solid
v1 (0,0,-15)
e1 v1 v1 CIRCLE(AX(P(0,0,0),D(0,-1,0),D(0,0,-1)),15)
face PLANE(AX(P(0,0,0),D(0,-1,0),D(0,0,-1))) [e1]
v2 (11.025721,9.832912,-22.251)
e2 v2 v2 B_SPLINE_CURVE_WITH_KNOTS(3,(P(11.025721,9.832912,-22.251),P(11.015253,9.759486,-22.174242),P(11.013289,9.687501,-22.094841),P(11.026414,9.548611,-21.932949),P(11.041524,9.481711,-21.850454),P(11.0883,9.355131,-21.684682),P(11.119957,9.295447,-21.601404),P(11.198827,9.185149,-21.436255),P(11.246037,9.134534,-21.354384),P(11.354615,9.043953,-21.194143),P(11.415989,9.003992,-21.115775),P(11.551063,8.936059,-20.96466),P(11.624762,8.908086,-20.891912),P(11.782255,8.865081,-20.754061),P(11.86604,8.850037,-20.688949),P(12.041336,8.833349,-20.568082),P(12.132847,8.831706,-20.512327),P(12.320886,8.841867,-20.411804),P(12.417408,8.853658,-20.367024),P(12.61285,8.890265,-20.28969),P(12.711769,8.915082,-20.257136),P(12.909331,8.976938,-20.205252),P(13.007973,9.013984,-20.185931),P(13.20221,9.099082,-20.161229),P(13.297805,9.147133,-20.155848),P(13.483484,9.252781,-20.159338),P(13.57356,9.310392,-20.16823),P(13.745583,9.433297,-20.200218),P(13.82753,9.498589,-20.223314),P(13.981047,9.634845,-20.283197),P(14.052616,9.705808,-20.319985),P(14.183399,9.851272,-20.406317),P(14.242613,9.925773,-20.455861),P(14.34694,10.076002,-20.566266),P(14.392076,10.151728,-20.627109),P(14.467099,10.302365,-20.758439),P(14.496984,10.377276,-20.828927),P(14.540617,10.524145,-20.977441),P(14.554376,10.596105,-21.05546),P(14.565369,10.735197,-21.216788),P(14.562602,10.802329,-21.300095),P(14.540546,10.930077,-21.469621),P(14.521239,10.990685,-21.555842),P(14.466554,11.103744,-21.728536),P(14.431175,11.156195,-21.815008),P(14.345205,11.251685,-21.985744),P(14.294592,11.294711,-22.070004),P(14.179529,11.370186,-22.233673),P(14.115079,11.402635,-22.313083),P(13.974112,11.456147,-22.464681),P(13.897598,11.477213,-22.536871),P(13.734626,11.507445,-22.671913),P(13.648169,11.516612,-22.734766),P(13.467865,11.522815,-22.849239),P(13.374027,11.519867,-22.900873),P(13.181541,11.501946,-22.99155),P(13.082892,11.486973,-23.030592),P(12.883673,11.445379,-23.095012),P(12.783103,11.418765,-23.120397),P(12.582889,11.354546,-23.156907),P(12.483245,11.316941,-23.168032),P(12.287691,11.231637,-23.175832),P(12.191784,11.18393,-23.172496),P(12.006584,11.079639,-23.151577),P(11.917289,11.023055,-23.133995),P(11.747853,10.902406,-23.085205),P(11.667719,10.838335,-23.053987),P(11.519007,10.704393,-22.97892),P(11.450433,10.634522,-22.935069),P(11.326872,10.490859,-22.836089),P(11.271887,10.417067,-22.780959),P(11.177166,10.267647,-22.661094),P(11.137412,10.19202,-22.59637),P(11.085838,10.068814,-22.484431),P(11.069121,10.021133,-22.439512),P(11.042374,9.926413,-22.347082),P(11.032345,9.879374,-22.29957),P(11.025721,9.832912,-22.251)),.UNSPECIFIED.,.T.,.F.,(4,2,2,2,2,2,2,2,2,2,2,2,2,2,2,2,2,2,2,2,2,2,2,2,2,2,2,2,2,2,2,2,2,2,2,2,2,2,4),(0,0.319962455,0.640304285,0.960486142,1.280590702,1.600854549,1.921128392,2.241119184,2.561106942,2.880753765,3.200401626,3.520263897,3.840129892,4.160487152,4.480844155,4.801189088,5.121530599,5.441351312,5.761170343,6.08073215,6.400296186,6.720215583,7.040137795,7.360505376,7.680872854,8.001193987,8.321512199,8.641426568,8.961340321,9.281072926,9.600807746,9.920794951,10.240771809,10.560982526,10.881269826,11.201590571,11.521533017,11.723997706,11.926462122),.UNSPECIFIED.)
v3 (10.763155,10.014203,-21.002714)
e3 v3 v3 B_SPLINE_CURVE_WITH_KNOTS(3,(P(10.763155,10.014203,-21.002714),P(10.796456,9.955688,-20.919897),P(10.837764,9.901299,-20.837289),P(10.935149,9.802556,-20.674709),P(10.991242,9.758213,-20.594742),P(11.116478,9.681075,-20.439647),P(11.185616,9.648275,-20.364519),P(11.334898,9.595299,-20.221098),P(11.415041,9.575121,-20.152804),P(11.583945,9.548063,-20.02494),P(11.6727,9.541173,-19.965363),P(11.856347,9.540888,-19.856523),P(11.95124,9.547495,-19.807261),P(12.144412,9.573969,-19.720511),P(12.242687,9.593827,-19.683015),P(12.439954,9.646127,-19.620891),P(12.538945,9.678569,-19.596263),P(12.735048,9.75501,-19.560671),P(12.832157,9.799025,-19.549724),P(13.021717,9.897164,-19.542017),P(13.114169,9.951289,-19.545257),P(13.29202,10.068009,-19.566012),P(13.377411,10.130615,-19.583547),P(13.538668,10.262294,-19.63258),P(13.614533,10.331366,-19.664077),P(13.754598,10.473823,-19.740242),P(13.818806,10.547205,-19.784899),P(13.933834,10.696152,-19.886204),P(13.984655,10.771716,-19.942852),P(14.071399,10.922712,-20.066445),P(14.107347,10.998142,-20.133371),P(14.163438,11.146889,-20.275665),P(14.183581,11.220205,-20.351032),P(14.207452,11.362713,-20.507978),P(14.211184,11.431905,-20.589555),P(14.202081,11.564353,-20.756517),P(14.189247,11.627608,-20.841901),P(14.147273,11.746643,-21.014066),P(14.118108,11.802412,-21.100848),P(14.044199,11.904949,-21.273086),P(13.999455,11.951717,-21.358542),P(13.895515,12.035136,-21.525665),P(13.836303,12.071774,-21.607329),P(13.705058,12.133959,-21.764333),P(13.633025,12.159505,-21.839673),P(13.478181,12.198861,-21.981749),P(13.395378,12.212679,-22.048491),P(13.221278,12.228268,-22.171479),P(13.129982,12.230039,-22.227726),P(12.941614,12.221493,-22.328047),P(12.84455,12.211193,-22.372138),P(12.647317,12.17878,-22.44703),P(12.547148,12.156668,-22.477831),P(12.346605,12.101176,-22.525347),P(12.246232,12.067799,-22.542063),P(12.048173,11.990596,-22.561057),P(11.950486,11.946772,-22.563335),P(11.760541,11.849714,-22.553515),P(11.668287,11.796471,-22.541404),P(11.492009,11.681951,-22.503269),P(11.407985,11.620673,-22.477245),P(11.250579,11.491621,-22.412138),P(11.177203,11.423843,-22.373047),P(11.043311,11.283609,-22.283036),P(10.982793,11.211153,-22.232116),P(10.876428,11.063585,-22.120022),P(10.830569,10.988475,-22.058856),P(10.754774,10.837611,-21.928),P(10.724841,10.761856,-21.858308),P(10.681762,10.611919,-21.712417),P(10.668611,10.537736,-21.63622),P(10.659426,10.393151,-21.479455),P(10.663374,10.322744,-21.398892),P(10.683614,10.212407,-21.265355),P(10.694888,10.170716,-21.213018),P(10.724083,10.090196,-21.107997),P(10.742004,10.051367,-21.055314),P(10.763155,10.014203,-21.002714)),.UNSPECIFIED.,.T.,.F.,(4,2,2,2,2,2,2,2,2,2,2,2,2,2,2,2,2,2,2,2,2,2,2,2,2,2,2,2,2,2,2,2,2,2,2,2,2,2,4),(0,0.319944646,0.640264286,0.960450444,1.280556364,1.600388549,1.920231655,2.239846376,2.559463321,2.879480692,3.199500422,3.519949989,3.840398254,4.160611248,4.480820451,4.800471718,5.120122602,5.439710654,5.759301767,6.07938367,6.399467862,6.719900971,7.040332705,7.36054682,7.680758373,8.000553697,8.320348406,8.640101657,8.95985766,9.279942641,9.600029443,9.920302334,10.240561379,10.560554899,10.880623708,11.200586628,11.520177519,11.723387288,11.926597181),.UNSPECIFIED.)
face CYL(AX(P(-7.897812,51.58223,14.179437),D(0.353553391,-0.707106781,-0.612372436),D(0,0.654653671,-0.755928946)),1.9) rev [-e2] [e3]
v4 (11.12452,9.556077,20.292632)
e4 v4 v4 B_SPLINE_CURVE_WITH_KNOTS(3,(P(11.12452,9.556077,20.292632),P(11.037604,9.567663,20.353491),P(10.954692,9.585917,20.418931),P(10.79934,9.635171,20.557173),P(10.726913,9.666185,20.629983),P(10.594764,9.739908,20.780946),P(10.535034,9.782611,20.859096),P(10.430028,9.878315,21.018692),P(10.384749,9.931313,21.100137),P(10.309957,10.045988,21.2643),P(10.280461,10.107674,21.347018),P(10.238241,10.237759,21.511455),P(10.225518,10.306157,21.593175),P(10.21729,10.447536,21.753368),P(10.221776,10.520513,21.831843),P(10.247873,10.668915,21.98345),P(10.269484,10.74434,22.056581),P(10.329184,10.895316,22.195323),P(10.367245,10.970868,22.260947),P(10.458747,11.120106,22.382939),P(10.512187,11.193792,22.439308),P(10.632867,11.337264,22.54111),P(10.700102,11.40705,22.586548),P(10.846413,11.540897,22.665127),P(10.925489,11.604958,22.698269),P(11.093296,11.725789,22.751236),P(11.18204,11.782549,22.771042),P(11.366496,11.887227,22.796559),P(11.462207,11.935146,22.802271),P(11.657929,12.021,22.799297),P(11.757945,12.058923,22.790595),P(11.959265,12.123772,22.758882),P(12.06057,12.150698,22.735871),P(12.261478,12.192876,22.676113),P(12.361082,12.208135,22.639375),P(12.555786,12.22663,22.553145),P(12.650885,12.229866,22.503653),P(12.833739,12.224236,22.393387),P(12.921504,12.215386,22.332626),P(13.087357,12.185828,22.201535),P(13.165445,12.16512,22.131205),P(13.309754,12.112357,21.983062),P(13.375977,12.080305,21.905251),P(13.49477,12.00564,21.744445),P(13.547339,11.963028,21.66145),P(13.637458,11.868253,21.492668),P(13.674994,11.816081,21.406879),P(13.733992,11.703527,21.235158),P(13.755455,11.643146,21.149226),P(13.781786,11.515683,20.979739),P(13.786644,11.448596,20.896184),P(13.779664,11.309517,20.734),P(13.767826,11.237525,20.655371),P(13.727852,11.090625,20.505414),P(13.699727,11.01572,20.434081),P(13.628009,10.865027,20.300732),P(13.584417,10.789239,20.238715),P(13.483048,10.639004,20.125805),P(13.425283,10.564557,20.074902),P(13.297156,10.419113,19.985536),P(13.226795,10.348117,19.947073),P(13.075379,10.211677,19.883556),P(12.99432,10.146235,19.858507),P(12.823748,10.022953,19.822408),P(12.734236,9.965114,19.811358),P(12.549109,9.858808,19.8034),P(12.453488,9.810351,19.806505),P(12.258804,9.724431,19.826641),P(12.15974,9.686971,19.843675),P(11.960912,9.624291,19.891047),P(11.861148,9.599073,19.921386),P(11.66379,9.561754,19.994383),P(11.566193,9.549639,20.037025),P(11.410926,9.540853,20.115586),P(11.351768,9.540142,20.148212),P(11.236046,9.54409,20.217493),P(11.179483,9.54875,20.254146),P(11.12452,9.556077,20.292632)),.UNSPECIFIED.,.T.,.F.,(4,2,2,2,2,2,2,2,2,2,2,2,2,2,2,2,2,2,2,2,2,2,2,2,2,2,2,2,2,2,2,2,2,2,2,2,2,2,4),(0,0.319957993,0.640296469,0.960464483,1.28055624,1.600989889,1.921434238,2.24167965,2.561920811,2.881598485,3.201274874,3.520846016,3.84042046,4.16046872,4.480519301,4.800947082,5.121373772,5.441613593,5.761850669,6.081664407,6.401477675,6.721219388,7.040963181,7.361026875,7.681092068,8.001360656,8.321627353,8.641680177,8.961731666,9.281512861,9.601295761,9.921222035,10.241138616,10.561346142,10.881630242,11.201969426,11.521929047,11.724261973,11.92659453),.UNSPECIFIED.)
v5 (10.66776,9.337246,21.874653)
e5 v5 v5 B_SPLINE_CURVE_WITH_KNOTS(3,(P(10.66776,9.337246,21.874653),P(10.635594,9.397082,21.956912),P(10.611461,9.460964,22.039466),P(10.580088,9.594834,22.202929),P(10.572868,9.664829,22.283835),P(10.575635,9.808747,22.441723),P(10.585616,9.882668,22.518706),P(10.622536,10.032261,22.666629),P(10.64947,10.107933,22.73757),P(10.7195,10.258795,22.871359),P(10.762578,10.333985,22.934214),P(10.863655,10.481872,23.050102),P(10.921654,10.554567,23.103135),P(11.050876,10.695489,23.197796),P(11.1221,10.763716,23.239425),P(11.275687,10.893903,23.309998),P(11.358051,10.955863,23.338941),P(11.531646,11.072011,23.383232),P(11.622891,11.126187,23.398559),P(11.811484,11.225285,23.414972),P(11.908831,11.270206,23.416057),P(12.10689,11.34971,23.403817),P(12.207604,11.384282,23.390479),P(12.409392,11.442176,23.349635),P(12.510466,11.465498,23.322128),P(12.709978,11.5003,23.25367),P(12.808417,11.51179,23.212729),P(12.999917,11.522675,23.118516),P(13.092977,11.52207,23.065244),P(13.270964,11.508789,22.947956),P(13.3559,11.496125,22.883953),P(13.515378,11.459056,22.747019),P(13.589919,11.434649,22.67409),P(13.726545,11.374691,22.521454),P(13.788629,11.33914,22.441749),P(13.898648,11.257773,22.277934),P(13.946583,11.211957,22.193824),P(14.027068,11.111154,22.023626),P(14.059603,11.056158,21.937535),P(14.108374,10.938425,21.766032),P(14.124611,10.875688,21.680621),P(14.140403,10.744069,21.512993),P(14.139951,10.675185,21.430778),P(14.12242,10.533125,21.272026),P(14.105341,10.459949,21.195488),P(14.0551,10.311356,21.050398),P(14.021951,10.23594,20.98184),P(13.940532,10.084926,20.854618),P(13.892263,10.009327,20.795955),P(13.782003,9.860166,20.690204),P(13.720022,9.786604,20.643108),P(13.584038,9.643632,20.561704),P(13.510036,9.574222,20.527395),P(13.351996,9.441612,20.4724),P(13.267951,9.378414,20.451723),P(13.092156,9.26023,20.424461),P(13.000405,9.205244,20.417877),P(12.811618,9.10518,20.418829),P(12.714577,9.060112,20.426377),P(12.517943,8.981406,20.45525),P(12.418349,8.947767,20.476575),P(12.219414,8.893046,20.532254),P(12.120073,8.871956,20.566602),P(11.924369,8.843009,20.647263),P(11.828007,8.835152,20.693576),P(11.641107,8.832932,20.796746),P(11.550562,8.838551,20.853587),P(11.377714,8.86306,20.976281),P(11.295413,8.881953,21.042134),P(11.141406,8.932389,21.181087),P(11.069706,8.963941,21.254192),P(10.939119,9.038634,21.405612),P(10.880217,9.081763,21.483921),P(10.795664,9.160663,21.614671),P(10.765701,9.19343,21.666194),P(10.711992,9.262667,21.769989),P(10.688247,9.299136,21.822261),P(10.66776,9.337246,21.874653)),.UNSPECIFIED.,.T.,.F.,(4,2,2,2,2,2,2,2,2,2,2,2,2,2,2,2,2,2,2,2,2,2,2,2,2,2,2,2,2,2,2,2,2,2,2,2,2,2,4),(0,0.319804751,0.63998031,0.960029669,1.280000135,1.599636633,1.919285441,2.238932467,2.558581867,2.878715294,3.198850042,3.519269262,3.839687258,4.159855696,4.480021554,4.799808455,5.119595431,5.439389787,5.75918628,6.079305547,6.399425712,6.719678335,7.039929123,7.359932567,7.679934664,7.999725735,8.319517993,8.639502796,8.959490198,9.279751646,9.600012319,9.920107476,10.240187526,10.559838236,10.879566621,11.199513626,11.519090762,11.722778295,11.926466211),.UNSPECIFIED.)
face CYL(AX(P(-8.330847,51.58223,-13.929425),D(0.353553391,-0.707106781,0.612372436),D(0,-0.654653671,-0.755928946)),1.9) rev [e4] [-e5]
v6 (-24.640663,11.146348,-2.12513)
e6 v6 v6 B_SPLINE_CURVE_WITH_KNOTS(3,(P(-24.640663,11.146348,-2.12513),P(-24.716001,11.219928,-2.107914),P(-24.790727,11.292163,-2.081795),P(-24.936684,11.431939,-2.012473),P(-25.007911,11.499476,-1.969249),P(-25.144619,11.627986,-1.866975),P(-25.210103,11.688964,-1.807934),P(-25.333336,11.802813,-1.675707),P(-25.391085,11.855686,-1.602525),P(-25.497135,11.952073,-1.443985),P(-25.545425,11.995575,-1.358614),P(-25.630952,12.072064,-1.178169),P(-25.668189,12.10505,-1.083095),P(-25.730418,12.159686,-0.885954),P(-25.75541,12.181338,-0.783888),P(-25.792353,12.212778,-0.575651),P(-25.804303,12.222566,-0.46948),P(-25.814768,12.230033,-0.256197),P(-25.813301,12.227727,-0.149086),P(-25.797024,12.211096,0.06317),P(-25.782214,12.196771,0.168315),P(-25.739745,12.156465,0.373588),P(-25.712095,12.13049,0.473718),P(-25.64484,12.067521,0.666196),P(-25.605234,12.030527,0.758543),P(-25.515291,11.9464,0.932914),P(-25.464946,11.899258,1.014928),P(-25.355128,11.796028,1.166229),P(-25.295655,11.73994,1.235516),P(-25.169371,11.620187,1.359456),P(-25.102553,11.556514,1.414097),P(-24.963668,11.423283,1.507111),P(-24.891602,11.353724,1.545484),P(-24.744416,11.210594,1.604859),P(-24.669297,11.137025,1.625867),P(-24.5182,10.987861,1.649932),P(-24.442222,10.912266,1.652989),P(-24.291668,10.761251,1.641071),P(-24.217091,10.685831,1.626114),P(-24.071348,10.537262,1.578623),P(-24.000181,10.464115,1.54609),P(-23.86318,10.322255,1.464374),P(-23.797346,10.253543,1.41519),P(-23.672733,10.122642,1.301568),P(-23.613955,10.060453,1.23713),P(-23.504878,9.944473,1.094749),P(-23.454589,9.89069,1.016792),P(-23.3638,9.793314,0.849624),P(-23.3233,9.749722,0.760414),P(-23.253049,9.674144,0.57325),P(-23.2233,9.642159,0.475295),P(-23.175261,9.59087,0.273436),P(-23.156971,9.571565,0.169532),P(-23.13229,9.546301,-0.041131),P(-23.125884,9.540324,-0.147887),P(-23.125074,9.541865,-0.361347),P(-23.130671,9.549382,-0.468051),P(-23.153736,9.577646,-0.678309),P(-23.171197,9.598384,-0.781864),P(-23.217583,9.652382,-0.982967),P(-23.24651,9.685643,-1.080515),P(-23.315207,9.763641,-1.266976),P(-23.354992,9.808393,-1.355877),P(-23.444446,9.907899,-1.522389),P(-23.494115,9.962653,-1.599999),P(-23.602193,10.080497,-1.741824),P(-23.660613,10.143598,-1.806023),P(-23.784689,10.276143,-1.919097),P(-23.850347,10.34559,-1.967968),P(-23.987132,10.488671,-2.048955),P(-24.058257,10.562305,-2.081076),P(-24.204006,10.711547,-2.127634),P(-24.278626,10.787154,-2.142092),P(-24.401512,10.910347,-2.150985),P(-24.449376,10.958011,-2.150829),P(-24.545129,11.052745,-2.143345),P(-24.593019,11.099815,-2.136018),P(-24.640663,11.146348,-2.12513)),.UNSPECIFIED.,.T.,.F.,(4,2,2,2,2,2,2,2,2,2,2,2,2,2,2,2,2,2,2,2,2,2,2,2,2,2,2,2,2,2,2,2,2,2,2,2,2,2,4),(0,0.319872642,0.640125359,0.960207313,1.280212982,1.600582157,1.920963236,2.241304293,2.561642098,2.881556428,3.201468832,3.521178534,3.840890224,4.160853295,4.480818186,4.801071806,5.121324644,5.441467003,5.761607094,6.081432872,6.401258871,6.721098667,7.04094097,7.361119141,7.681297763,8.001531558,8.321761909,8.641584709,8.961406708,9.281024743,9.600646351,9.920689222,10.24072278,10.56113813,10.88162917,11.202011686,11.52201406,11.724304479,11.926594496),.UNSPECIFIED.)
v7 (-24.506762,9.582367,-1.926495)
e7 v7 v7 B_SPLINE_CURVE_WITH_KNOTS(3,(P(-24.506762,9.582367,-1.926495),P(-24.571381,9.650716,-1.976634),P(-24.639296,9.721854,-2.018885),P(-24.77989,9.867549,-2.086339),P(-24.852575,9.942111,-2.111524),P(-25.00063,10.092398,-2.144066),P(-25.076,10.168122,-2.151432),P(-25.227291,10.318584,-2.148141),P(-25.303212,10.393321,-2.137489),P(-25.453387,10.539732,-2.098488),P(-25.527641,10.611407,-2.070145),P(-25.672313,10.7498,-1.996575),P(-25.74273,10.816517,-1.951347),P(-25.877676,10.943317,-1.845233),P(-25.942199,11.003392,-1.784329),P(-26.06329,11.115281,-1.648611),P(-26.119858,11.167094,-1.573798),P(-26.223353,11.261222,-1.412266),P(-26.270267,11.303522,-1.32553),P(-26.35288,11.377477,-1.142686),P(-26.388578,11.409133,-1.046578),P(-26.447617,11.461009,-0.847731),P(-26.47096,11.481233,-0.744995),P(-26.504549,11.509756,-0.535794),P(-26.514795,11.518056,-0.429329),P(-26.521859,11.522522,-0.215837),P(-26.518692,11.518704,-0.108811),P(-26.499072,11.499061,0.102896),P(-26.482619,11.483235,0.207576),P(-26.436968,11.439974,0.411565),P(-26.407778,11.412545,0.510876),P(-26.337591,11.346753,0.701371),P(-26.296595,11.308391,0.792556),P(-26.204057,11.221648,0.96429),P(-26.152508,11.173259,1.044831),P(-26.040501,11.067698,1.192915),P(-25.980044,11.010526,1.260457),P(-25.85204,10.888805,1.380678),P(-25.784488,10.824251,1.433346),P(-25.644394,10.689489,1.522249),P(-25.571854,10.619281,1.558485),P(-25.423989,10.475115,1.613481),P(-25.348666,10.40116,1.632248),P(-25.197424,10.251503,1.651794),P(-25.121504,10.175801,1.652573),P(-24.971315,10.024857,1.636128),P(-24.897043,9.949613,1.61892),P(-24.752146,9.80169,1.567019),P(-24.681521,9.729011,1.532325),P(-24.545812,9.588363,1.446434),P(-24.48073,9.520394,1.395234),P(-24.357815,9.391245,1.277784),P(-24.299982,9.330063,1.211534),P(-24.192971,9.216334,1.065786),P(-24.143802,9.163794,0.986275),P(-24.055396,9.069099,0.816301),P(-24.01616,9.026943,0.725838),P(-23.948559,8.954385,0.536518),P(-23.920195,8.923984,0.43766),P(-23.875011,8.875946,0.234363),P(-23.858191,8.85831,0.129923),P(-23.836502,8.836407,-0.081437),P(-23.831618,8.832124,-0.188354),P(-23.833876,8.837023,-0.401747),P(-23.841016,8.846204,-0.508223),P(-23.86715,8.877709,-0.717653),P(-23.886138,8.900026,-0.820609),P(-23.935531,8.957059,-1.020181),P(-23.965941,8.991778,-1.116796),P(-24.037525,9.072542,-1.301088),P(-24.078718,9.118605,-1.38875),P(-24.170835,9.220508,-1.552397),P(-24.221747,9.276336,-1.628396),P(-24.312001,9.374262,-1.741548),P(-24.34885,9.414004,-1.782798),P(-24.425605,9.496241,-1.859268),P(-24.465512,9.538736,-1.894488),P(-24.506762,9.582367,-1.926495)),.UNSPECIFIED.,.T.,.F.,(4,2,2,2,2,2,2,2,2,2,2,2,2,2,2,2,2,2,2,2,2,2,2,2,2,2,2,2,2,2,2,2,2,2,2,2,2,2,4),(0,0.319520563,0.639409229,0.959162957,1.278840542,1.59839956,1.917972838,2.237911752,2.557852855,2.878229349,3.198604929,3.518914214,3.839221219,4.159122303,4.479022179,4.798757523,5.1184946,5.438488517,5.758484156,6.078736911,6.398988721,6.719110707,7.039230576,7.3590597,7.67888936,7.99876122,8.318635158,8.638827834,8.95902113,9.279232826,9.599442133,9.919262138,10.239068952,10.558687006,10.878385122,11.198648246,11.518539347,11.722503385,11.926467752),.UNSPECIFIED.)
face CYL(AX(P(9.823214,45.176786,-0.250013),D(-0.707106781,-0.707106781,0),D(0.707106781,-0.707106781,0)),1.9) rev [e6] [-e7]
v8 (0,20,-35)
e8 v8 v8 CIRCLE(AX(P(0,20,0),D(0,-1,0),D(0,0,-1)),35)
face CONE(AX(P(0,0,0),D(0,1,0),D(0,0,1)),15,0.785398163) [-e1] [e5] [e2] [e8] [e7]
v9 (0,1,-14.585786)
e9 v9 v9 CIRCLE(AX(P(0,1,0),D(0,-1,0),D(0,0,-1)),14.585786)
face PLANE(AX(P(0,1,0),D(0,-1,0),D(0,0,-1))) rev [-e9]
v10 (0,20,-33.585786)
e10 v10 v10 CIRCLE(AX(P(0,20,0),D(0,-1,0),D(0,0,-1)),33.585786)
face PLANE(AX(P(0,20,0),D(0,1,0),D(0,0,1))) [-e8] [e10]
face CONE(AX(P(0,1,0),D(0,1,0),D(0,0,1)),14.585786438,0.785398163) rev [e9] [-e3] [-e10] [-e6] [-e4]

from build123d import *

# Parameters (mm, degrees)
CROQUIS5_R            = 1.9
CORTAR_EXTRUIR1_DEPTH = 50.497474683
MATRIZC1_COUNT        = 3


with BuildPart() as part:
    # Croquis4 → Revolución1 (revolve)
    with BuildSketch(Plane(origin=(0, 0, 0), x_dir=(0, 0, -1), z_dir=(1, 0, 0))):
        Polygon((-15, 0), (0, 0), (0, 1), (-14.585786438, 1), (-33.585786438, 20), (-35, 20), align=None)
    revolve(axis=Axis((0, 0, 0), (0, 1, 0)))

    # Croquis5 → Cortar-Extruir1 (cut, through all)
    with BuildSketch(Plane(origin=(-7.5, -7.5, -10.606601718), x_dir=(0.5, -0.5, -0.707106781), z_dir=(0.707106781, 0.707106781, 0))):
        with Locations((-25, 10.353571071)):
            Circle(CROQUIS5_R)
    cortar_extruir1 = extrude(amount=CORTAR_EXTRUIR1_DEPTH, mode=Mode.SUBTRACT)

    # MatrizC1: Cortar-Extruir1 ×3 about axis
    matrizc1_axis = Axis((0, 1, 0), (0, 1, 0))
    for i in range(1, MATRIZC1_COUNT):
        add(cortar_extruir1.rotate(matrizc1_axis, i * 360 / MATRIZC1_COUNT), mode=Mode.SUBTRACT)


solid = part.part
